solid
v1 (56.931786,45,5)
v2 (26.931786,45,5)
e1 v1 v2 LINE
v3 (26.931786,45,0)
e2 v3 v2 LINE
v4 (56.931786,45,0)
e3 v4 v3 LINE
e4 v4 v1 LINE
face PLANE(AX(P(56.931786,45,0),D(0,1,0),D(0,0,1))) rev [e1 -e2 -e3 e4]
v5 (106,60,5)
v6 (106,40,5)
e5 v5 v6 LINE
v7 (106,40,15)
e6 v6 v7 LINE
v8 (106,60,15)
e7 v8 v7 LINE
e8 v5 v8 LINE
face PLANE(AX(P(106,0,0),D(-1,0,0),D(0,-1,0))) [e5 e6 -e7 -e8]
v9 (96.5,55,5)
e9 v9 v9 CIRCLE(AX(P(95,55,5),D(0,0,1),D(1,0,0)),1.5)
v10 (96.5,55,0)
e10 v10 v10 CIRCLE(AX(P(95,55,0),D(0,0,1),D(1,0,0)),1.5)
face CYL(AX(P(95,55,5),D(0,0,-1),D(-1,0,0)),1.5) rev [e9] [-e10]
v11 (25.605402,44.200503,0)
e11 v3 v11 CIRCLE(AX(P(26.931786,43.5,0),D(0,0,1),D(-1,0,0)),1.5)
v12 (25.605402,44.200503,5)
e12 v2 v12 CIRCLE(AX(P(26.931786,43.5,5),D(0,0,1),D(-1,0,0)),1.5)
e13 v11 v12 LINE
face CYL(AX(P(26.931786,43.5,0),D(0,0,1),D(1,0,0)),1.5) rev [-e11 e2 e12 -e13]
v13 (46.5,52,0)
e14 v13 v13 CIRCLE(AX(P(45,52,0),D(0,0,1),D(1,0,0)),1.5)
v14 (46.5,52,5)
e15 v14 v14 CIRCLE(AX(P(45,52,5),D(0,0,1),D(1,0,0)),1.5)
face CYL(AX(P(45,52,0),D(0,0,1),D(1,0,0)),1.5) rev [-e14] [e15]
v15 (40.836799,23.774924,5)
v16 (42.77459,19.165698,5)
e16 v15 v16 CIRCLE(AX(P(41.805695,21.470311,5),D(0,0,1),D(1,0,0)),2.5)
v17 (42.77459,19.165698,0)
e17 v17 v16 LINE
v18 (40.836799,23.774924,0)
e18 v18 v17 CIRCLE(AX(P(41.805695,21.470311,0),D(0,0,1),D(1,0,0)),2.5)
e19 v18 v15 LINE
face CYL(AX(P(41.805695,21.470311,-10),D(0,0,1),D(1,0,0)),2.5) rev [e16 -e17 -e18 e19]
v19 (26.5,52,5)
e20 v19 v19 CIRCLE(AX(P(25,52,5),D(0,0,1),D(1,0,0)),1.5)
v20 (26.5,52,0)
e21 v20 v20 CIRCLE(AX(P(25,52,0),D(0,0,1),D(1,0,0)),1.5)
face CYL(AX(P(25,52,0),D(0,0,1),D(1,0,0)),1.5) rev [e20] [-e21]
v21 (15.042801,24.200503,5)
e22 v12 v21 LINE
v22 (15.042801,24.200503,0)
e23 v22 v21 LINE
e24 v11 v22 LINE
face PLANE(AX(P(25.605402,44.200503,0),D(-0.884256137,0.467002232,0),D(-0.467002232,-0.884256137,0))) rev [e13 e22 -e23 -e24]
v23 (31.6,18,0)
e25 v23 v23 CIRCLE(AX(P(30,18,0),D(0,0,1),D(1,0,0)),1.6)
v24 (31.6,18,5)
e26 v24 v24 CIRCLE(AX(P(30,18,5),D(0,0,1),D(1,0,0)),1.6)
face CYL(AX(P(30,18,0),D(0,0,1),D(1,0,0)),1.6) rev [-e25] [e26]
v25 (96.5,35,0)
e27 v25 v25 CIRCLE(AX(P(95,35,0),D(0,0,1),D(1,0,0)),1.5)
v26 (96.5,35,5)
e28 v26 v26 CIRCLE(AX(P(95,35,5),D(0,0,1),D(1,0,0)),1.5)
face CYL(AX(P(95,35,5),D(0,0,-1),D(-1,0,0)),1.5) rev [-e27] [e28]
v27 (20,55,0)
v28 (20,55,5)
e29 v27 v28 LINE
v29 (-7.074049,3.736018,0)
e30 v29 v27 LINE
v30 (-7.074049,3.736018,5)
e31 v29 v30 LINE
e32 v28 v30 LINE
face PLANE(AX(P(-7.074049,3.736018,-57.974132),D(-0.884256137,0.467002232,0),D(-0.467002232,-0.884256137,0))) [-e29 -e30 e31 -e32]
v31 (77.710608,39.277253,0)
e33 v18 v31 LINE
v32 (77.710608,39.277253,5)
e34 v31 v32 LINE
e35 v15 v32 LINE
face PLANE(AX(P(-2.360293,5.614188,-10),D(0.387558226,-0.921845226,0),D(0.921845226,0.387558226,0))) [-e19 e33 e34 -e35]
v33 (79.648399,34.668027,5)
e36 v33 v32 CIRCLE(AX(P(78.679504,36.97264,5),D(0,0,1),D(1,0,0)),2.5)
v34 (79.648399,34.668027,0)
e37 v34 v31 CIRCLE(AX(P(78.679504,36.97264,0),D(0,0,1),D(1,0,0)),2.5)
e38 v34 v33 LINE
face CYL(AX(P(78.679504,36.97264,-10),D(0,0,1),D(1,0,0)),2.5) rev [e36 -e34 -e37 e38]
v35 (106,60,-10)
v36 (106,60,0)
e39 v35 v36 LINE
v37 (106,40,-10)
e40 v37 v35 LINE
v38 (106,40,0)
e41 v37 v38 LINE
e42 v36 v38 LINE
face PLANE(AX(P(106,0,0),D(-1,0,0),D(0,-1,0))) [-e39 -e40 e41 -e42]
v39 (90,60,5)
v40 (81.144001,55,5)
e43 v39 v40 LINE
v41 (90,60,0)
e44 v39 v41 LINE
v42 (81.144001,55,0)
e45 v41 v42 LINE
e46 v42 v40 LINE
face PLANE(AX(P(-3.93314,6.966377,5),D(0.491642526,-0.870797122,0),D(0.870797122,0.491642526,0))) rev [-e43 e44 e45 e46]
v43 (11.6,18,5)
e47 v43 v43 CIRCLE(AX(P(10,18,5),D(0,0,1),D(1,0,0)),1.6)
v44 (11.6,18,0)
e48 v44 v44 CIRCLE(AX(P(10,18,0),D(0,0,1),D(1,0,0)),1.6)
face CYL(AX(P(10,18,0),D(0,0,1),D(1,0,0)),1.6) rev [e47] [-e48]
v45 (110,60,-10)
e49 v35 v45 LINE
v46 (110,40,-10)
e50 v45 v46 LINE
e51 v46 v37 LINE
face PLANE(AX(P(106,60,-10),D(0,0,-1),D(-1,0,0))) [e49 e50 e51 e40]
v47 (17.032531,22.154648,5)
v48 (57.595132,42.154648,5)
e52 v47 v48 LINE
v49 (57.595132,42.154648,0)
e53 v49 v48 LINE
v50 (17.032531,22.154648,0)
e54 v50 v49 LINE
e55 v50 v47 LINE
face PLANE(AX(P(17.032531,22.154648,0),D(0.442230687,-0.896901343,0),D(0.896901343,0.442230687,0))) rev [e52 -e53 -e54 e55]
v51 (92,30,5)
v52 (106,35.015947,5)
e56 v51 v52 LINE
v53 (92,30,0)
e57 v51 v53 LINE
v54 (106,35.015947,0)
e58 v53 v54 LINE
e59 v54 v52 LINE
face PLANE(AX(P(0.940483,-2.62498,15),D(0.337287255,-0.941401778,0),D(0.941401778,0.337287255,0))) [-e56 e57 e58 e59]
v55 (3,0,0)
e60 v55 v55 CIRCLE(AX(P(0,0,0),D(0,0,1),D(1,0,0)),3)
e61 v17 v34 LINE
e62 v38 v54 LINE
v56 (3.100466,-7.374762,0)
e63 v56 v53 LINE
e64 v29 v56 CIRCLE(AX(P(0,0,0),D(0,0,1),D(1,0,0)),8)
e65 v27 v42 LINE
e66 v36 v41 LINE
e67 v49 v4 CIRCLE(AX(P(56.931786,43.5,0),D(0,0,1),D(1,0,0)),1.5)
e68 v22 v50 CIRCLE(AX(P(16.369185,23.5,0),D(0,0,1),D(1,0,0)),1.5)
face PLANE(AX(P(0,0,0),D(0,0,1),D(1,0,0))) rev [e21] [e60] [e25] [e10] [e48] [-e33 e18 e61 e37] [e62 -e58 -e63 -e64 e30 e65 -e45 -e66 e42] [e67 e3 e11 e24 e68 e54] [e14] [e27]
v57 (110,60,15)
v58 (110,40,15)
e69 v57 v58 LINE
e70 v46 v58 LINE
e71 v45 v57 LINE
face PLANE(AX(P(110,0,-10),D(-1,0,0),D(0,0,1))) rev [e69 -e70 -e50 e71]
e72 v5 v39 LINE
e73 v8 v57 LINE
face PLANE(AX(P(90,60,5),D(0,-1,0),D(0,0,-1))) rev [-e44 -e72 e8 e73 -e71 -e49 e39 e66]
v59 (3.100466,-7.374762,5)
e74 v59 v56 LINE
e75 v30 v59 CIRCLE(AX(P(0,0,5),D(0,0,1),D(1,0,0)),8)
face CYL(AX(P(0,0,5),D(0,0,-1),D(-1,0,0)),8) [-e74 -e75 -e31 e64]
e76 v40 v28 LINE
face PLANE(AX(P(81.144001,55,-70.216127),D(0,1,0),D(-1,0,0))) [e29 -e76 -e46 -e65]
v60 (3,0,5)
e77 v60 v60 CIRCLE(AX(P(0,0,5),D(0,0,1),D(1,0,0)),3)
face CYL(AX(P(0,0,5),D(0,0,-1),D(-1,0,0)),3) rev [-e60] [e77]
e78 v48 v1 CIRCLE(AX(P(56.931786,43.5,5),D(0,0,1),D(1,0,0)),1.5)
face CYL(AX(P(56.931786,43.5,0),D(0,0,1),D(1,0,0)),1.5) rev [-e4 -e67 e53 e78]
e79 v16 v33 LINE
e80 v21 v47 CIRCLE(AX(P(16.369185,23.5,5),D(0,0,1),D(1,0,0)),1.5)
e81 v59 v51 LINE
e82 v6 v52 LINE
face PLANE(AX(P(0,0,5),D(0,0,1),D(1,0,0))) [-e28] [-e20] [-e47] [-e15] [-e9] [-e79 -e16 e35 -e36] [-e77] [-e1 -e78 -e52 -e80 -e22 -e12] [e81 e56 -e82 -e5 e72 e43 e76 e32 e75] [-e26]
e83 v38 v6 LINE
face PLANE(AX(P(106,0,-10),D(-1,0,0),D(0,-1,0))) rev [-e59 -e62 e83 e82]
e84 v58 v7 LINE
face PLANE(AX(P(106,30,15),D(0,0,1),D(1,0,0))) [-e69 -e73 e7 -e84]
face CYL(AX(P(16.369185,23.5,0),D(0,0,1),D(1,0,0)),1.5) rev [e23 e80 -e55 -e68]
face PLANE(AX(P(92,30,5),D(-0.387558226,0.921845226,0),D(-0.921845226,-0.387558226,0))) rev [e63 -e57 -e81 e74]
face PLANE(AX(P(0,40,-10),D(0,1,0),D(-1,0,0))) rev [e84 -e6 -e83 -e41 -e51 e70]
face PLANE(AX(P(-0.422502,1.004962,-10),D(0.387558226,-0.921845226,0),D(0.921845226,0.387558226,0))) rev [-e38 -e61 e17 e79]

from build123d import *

# Parameters (mm, degrees)
SKETCH_1_R               = 3
SKETCH_1_R_2             = 1.5
EXTRUDE_1_DEPTH          = 5
EXTRUDE_2_DEPTH          = 5
SKETCH_4_R               = 1.5
CUT_EXTRUDE_1_DEPTH      = 144.265487819
EXTRUDE_START            = -5
EXTRUDE_3_DEPTH          = 5
CUT_EXTRUDE_2_DEPTH      = 144.265487819
SKETCH_7_R               = 1.6
CUT_EXTRUDE_3_DEPTH      = 144.265487819
EXTRUDE_4_DEPTH          = 24
CUT_EXTRUDE_4_DEPTH      = 10
CUT_EXTRUDE_4_DEPTH_BACK = 144.961800489
CUT_EXTRUDE_5_DEPTH      = 144.961800489
SKETCH_14_W              = 9.91097982
SKETCH_14_H              = 20
SKETCH_14_W_2            = 10.08902018
CUT_EXTRUDE_7_DEPTH      = 146.344418537


with BuildPart() as part:
    # 草图1 → 凸台-拉伸1 (new body)
    with BuildSketch(Plane.XY):
        with BuildLine():
            Line((-3.933140204, 6.966376973), (90, 60))
            Line((90, 60), (130, 60))
            Line((130, 60), (130, 30))
            Line((130, 30), (92, 30))
            Line((92, 30), (3.100465808, -7.374761811))
            ThreePointArc((3.100465808, -7.374761811), (-7.182645896, -3.522725923), (-3.933140204, 6.966376973))
        make_face()
        Circle(SKETCH_1_R, mode=Mode.SUBTRACT)
        with Locations((95, 55)):
            Circle(SKETCH_1_R_2, mode=Mode.SUBTRACT)
        with Locations((125, 55)):
            Circle(SKETCH_1_R_2, mode=Mode.SUBTRACT)
        with Locations((125, 35)):
            Circle(SKETCH_1_R_2, mode=Mode.SUBTRACT)
        with Locations((95, 35)):
            Circle(SKETCH_1_R_2, mode=Mode.SUBTRACT)
    extrude(amount=EXTRUDE_1_DEPTH)

    # 草图3 → 凸台-拉伸2 (add)
    with BuildSketch(Plane.XY.offset(5)):
        Polygon((81.144001216, 55), (20, 55), (20, 20.478766027), align=None)
    extrude(amount=-EXTRUDE_2_DEPTH)

    # 草图4 → 切除-拉伸1 (cut, through all)
    with BuildSketch(Plane.XY.offset(5)):
        with Locations((25, 52)):
            Circle(SKETCH_4_R)
        with Locations((45, 52)):
            Circle(SKETCH_4_R)
    extrude(amount=-CUT_EXTRUDE_1_DEPTH, mode=Mode.SUBTRACT)

    # 草图6 → 凸台-拉伸3 (add)
    with BuildSketch(Plane.XY.offset(5).offset(EXTRUDE_START)):
        with BuildLine():
            Line((-7.074049095, 3.736017853), (20, 55))
            Line((20, 55), (20, 20.478766027))
            Line((20, 20.478766027), (-3.933140204, 6.966376973))
            ThreePointArc((-3.933140204, 6.966376973), (-5.735709118, 5.576884517), (-7.074049095, 3.736017853))
        make_face()
    extrude(amount=EXTRUDE_3_DEPTH)

    # 草图5 → 切除-拉伸2 (cut, through all)
    with BuildSketch(Plane.XY.offset(5)):
        with BuildLine():
            Line((25.605401824, 44.200503347), (15.042800964, 24.200503347))
            ThreePointArc((15.042800964, 24.200503347), (15.293877797, 22.454192152), (17.032531201, 22.154647985))
            Line((17.032531201, 22.154647985), (57.595132061, 42.154647985))
            ThreePointArc((57.595132061, 42.154647985), (58.392612512, 43.840567158), (56.93178603, 45))
            Line((56.93178603, 45), (26.93178603, 45))
            ThreePointArc((26.93178603, 45), (26.157433081, 44.784670195), (25.605401824, 44.200503347))
        make_face()
    extrude(amount=-CUT_EXTRUDE_2_DEPTH, mode=Mode.SUBTRACT)

    # 草图7 → 切除-拉伸3 (cut, through all)
    with BuildSketch(Plane.XY.offset(5)):
        with Locations((10, 18)):
            Circle(SKETCH_7_R)
        with Locations((30, 18)):
            Circle(SKETCH_7_R)
    extrude(amount=-CUT_EXTRUDE_3_DEPTH, mode=Mode.SUBTRACT)

    # 草图8 → 凸台-拉伸4 (add)
    with BuildSketch(Plane(origin=(130, 0, 0), x_dir=(0, 0, -1), z_dir=(1, 0, 0))):
        Polygon((0, 30), (-5, 30), (-15, 30), (-15, 60), (10, 60), (10, 30), align=None)
    extrude(amount=-EXTRUDE_4_DEPTH)

    # 草图10 → 切除-拉伸4 (cut, two sides: drawn at the far end of the back side and taken through both)
    with BuildSketch(Plane.XY.offset(5).offset(-CUT_EXTRUDE_4_DEPTH_BACK)):
        Polygon((130, 30), (130, 40), (119.91097982, 40), (92, 30), align=None)
    extrude(amount=CUT_EXTRUDE_4_DEPTH + CUT_EXTRUDE_4_DEPTH_BACK, mode=Mode.SUBTRACT)

    # 草图12 → 切除-拉伸5 (cut, through all)
    with BuildSketch(Plane.XY.offset(5)):
        with BuildLine():
            Line((40.836799147, 23.774924451), (77.710608203, 39.277253491))
            ThreePointArc((77.710608203, 39.277253491), (80.984116834, 37.94153599), (79.648399333, 34.668027359))
            Line((79.648399333, 34.668027359), (42.774590277, 19.165698319))
            ThreePointArc((42.774590277, 19.165698319), (39.501081646, 20.50141582), (40.836799147, 23.774924451))
        make_face()
    extrude(amount=-CUT_EXTRUDE_5_DEPTH, mode=Mode.SUBTRACT)

    # 草图14 → 切除-拉伸7 (cut, through all)
    with BuildSketch(Plane.XY.offset(15)):
        Polygon((106, 35.015947161), (119.91097982, 40), (110, 40), (106, 40), align=None)
        with Locations((114.95548991, 50)):
            Rectangle(SKETCH_14_W, SKETCH_14_H)
        with Locations((124.95548991, 50)):
            Rectangle(SKETCH_14_W_2, SKETCH_14_H)
    extrude(amount=-CUT_EXTRUDE_7_DEPTH, mode=Mode.SUBTRACT)


solid = part.part
